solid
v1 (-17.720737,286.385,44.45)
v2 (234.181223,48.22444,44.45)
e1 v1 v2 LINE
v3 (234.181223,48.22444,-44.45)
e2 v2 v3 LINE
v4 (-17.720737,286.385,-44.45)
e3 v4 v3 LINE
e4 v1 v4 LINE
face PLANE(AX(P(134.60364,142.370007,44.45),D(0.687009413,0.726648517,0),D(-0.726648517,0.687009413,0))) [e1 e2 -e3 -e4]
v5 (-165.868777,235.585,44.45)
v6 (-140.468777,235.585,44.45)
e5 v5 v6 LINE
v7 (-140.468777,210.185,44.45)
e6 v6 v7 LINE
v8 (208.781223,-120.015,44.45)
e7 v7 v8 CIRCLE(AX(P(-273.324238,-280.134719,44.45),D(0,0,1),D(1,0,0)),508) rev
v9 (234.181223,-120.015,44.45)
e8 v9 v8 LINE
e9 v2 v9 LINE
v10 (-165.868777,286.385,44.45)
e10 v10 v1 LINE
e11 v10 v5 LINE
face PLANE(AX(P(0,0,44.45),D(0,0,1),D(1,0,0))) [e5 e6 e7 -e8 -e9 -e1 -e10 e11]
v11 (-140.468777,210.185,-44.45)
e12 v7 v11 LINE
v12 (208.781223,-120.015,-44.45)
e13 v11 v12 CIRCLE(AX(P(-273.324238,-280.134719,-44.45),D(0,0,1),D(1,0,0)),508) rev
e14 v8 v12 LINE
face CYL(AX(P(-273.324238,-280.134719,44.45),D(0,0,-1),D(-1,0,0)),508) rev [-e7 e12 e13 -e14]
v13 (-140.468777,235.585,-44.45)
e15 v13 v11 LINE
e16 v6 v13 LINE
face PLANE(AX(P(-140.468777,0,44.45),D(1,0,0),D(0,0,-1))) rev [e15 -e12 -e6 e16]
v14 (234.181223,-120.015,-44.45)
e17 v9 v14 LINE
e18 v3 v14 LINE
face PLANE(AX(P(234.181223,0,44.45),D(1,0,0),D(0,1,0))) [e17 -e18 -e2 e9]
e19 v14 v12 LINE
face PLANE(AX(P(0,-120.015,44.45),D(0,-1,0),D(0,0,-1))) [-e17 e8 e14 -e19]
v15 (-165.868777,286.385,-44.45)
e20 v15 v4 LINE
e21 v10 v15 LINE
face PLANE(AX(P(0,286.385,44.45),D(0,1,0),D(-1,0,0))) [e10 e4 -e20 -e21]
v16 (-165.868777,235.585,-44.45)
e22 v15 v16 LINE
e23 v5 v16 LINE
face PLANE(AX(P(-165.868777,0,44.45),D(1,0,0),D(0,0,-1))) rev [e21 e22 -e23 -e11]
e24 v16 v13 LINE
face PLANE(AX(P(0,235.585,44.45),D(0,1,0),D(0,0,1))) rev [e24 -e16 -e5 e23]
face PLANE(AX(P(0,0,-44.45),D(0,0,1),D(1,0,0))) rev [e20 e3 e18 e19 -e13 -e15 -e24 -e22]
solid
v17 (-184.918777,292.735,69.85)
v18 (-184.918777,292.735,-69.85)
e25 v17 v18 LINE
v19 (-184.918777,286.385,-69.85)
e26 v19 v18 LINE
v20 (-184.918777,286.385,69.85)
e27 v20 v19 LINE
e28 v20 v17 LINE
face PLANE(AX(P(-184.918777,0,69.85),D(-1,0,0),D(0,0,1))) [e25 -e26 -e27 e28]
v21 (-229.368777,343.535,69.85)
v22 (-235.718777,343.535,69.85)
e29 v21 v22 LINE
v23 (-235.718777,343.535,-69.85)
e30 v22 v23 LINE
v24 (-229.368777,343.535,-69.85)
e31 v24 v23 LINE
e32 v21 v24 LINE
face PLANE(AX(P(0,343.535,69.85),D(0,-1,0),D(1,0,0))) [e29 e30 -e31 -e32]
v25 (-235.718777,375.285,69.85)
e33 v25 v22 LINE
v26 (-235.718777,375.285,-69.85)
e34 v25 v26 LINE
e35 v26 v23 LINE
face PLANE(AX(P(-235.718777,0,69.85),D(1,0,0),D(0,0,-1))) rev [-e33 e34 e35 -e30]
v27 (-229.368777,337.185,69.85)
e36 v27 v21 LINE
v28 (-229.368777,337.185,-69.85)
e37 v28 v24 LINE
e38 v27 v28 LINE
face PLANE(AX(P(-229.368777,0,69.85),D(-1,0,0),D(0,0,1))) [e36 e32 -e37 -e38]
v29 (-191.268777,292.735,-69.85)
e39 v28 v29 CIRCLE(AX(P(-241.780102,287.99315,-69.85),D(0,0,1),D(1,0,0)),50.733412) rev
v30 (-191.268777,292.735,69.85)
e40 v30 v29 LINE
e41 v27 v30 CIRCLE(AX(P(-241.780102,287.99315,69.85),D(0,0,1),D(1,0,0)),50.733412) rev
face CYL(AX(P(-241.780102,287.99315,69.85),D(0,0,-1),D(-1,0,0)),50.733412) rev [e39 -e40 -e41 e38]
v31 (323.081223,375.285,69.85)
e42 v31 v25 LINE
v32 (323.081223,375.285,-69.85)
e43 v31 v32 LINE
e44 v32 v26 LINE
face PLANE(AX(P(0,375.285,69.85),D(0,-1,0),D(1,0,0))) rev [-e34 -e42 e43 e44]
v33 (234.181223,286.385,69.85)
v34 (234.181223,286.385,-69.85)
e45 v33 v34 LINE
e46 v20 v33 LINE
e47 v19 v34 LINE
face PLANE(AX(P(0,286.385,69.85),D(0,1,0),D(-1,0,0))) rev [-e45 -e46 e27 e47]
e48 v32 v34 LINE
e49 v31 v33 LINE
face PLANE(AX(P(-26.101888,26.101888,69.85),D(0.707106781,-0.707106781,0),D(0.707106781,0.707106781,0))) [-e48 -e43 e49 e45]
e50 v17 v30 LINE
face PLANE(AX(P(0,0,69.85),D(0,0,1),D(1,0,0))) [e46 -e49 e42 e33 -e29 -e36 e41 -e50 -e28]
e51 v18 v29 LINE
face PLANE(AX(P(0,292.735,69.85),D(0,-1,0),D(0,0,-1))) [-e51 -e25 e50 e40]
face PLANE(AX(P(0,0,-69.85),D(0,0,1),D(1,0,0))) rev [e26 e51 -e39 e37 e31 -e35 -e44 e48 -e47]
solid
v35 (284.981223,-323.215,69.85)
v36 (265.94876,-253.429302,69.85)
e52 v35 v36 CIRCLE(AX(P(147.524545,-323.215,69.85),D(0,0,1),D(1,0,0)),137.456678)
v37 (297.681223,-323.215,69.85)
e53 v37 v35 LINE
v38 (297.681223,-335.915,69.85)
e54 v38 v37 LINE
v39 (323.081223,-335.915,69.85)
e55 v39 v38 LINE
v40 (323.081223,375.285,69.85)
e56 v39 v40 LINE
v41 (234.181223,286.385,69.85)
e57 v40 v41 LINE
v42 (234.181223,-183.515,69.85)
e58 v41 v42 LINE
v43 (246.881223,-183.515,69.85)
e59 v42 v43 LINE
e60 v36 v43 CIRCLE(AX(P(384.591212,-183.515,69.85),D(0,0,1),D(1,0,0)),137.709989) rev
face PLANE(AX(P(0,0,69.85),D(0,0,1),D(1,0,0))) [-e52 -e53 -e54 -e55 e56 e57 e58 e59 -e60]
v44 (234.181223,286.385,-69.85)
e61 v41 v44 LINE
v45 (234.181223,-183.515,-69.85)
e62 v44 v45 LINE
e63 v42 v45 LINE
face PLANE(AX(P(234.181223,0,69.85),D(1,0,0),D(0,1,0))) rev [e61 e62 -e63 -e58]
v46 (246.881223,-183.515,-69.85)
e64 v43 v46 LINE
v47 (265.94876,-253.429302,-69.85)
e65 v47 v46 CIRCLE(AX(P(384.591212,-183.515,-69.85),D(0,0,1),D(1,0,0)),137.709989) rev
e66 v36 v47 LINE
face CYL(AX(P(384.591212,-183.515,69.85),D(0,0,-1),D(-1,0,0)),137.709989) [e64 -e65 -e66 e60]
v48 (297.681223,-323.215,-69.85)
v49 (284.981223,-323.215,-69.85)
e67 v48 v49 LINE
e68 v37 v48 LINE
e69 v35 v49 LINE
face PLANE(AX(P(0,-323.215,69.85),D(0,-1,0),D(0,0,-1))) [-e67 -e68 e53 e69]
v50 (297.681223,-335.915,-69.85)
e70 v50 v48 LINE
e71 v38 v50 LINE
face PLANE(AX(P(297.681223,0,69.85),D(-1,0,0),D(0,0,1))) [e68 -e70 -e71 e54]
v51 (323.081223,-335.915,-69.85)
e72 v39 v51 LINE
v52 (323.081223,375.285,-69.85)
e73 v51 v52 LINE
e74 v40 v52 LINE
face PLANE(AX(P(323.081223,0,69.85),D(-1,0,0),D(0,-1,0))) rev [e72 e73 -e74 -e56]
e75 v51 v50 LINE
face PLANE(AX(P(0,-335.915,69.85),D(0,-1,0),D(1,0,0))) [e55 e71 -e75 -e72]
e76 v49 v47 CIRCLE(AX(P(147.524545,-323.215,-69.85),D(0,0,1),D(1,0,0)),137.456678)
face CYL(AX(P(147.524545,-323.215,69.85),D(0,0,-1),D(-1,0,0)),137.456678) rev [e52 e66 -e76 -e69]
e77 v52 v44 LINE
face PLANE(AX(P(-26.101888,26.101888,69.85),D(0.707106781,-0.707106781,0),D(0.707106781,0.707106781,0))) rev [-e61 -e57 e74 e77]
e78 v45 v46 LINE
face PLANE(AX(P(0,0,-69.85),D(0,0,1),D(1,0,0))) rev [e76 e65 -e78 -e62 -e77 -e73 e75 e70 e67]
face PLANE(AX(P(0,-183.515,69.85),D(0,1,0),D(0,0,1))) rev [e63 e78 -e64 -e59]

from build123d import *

# Parameters (mm, degrees)
BOSS_EXTRUDE1_DEPTH = 69.85
BOSS_EXTRUDE2_DEPTH = 44.45
BOSS_EXTRUDE3_DEPTH = 69.85


with BuildPart() as part:
    # Sketch1 → Boss-Extrude1 (new body, symmetric)
    with BuildSketch(Plane.XY):
        with BuildLine():
            Line((-229.368776984, 337.185), (-229.368776984, 343.535))
            Line((-229.368776984, 343.535), (-235.718776984, 343.535))
            Line((-235.718776984, 343.535), (-235.718776984, 375.285))
            Line((-235.718776984, 375.285), (323.081223016, 375.285))
            Line((323.081223016, 375.285), (234.181223016, 286.385))
            Line((234.181223016, 286.385), (-184.918776984, 286.385))
            Line((-184.918776984, 286.385), (-184.918776984, 292.735))
            Line((-184.918776984, 292.735), (-191.268776984, 292.735))
            ThreePointArc((-191.268776984, 292.735), (-203.260423906, 321.010016924), (-229.368776984, 337.185))
        make_face()
    extrude(amount=BOSS_EXTRUDE1_DEPTH, both=True)


with BuildPart() as body_2:
    # Sketch1_3 → Boss-Extrude2 (new body, symmetric)
    with BuildSketch(Plane.XY):
        with BuildLine():
            Line((234.181223016, 48.22444), (-17.720736984, 286.385))
            Line((-17.720736984, 286.385), (-165.868776984, 286.385))
            Line((-165.868776984, 286.385), (-165.868776984, 235.585))
            Line((-165.868776984, 235.585), (-140.468776984, 235.585))
            Line((-140.468776984, 235.585), (-140.468776984, 210.185))
            ThreePointArc((-140.468776984, 210.185), (75.677544074, 89.001781889), (208.781223016, -120.015))
            Line((208.781223016, -120.015), (234.181223016, -120.015))
            Line((234.181223016, -120.015), (234.181223016, 48.22444))
        make_face()
    extrude(amount=BOSS_EXTRUDE2_DEPTH, both=True)


with BuildPart() as body_3:
    # Sketch1_4 → Boss-Extrude3 (new body, symmetric)
    with BuildSketch(Plane.XY):
        with BuildLine():
            ThreePointArc((265.948759904, -253.429301925), (251.733596793, -219.748894963), (246.881223016, -183.515))
            Line((246.881223016, -183.515), (234.181223016, -183.515))
            Line((234.181223016, -183.515), (234.181223016, 286.385))
            Line((234.181223016, 286.385), (323.081223016, 375.285))
            Line((323.081223016, 375.285), (323.081223016, -335.915))
            Line((323.081223016, -335.915), (297.681223016, -335.915))
            Line((297.681223016, -335.915), (297.681223016, -323.215))
            Line((297.681223016, -323.215), (284.981223016, -323.215))
            ThreePointArc((284.981223016, -323.215), (280.137774937, -287.047755469), (265.948759904, -253.429301925))
        make_face()
    extrude(amount=BOSS_EXTRUDE3_DEPTH, both=True)


solid = Compound([part.part, body_2.part, body_3.part])
